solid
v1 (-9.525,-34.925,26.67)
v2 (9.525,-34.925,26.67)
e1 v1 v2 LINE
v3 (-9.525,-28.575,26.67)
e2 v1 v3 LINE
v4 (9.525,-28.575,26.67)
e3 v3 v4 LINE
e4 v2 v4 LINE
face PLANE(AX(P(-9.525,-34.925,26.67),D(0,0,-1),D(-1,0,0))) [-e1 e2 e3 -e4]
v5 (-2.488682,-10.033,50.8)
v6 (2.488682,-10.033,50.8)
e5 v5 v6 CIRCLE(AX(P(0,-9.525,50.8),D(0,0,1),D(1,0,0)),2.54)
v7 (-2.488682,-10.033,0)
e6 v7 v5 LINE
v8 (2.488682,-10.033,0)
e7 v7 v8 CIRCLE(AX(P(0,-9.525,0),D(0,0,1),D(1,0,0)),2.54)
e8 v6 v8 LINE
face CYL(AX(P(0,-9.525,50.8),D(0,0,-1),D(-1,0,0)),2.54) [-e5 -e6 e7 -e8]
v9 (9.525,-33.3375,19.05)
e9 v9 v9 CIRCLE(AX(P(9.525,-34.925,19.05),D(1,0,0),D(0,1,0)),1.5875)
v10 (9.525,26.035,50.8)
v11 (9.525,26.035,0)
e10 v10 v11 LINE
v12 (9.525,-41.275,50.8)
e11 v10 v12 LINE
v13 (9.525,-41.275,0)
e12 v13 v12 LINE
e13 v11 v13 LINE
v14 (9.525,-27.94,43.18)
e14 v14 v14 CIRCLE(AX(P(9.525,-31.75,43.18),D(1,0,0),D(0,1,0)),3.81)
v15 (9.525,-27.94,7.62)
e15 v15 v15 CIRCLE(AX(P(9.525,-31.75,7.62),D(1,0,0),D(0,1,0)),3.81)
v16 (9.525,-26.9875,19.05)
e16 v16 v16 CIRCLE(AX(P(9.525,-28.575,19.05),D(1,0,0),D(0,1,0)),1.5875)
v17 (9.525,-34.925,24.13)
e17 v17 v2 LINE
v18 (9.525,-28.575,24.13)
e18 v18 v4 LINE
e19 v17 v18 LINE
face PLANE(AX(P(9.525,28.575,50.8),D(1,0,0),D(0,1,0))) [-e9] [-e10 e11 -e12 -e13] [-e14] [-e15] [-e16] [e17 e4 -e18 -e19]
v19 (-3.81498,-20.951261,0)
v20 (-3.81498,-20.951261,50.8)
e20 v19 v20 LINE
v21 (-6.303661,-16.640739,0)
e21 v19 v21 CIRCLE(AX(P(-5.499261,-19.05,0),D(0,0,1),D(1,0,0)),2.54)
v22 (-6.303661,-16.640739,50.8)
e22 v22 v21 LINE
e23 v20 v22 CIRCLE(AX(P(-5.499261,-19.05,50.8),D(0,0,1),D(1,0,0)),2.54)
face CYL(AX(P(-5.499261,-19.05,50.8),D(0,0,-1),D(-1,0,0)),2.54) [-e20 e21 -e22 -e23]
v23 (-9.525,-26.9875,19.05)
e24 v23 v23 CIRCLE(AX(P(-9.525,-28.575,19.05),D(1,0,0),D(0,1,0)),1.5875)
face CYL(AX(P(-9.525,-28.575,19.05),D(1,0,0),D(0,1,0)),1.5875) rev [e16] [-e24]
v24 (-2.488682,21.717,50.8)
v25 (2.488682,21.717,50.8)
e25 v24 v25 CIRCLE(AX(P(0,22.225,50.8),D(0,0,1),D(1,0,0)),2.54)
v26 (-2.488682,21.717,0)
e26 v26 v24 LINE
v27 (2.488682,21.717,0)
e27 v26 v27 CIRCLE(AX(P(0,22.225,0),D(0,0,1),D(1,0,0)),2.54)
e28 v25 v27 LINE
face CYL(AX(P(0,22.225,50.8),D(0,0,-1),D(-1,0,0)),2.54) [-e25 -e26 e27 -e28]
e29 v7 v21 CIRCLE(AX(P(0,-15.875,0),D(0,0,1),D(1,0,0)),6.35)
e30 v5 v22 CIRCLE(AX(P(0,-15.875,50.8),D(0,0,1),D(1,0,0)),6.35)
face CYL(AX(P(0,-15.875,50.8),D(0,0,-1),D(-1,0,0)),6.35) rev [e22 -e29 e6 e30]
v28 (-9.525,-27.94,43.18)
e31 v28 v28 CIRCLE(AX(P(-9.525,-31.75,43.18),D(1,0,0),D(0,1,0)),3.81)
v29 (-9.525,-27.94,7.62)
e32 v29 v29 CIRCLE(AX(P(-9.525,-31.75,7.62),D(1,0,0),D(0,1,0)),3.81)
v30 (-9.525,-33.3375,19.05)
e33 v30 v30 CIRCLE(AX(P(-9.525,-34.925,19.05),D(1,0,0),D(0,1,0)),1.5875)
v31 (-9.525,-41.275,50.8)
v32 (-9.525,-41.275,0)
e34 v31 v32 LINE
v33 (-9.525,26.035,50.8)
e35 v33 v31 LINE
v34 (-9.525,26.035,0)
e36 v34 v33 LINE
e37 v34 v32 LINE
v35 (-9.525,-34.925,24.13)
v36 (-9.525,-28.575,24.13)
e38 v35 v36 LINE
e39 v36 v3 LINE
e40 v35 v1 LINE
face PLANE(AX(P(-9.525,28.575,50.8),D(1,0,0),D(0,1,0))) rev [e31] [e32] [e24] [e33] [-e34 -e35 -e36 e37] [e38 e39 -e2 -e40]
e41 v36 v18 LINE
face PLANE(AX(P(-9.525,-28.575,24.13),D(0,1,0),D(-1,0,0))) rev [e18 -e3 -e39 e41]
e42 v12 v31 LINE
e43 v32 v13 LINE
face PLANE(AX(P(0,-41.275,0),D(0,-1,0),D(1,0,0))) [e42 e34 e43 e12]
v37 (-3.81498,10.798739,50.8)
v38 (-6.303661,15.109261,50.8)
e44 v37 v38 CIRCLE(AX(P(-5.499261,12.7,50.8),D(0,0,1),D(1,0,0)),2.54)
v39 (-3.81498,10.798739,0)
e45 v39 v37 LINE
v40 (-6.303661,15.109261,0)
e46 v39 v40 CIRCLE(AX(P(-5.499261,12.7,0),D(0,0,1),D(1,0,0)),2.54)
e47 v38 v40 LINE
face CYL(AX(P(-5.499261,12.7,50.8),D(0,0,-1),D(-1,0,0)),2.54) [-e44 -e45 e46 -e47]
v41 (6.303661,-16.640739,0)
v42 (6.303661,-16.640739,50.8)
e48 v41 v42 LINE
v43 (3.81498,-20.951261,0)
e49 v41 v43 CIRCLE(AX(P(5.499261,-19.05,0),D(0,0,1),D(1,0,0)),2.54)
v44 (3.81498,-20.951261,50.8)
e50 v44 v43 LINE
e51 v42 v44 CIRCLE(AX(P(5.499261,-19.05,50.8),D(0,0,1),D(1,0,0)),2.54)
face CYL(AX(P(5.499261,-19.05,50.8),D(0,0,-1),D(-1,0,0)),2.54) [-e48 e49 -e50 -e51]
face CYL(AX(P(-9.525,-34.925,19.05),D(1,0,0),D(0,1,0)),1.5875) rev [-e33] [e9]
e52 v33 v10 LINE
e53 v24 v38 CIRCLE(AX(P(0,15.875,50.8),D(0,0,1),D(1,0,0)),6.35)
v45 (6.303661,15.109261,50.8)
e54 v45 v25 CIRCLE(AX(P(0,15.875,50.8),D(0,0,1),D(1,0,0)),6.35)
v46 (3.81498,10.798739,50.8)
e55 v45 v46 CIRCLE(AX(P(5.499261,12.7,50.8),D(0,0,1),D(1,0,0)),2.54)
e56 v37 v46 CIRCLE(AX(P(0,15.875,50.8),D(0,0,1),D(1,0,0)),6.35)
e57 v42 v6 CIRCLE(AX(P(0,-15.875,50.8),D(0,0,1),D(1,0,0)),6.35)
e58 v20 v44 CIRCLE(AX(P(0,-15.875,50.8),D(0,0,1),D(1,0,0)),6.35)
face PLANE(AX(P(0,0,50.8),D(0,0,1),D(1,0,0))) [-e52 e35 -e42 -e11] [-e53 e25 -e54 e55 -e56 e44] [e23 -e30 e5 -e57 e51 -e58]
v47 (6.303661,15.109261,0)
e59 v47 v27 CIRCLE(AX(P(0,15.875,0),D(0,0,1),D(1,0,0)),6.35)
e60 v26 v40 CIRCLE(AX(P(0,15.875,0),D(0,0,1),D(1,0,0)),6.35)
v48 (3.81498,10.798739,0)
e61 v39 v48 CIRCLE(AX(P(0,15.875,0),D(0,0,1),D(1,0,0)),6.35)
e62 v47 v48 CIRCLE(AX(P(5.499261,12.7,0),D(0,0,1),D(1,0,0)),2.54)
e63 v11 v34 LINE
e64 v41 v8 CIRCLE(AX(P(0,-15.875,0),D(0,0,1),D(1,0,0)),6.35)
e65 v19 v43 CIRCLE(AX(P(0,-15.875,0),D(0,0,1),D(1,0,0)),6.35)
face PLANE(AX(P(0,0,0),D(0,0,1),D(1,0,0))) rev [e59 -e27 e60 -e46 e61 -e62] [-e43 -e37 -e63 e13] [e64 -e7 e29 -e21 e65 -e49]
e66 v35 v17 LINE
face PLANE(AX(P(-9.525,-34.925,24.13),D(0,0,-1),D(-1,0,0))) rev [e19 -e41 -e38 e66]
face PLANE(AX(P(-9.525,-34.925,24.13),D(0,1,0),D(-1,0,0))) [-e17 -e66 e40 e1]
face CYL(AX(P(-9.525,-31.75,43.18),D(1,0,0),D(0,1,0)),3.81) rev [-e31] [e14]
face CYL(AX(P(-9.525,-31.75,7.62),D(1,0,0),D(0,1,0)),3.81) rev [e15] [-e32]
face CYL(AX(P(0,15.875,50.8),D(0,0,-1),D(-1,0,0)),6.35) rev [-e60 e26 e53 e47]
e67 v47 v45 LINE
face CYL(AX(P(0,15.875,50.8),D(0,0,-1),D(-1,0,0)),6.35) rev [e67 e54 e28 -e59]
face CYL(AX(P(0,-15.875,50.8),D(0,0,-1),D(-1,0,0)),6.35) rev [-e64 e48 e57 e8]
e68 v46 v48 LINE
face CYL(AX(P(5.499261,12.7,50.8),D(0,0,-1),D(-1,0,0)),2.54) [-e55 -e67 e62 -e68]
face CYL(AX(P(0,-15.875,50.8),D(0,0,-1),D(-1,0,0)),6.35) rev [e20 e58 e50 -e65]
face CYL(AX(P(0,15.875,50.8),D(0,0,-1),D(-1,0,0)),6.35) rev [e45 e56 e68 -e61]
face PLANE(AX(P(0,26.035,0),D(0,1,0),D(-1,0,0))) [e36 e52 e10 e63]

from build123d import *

# Parameters (mm, degrees)
SKETCH1_W           = 19.05
SKETCH1_H           = 57.15
BOSS_EXTRUDE1_DEPTH = 50.8
SKETCH1_4_R         = 6.35
CUT_EXTRUDE1_DEPTH  = 60.05841388
SKETCH1_5_R         = 2.54
BOSS_EXTRUDE2_DEPTH = 50.8
SKETCH1_6_R         = 6.35
CUT_EXTRUDE2_DEPTH  = 60.05841388
SKETCH1_7_R         = 2.54
BOSS_EXTRUDE3_DEPTH = 50.8
SKETCH11_W          = 19.05
SKETCH11_H          = 50.8
CUT_EXTRUDE12_DEPTH = 2.54
SKETCH12_W          = 19.05
SKETCH12_H          = 50.8
BOSS_EXTRUDE4_DEPTH = 12.7
SKETCH13_R          = 3.81
CUT_EXTRUDE15_DEPTH = 69.170141008
SKETCH13_6_W        = 2.54
SKETCH13_6_H        = 6.35
CUT_EXTRUDE16_DEPTH = 69.170141008
SKETCH13_7_R        = 1.5875
CUT_EXTRUDE17_DEPTH = 69.170141008


with BuildPart() as part:
    # Sketch1 → Boss-Extrude1 (new body)
    with BuildSketch(Plane.XY):
        Rectangle(SKETCH1_W, SKETCH1_H)
    extrude(amount=BOSS_EXTRUDE1_DEPTH)

    # Sketch1<4> → Cut-Extrude1 (cut, through all)
    with BuildSketch(Plane.XY):
        with Locations((0, -15.875)):
            Circle(SKETCH1_4_R)
    extrude(amount=CUT_EXTRUDE1_DEPTH, mode=Mode.SUBTRACT)

    # Sketch1<5> → Boss-Extrude2 (add, through all)
    with BuildSketch(Plane.XY):
        with Locations((0, -9.525)):
            Circle(SKETCH1_5_R)
        with Locations((5.499261314, -19.05)):
            Circle(SKETCH1_5_R)
        with Locations((-5.499261314, -19.05)):
            Circle(SKETCH1_5_R)
    extrude(amount=BOSS_EXTRUDE2_DEPTH)

    # Sketch1<6> → Cut-Extrude2 (cut, through all)
    with BuildSketch(Plane.XY):
        with Locations((0, 15.875)):
            Circle(SKETCH1_6_R)
    extrude(amount=CUT_EXTRUDE2_DEPTH, mode=Mode.SUBTRACT)

    # Sketch1<7> → Boss-Extrude3 (add, through all)
    with BuildSketch(Plane.XY):
        with Locations((0, 22.225)):
            Circle(SKETCH1_7_R)
        with Locations((5.499261314, 12.7)):
            Circle(SKETCH1_7_R)
        with Locations((-5.499261314, 12.7)):
            Circle(SKETCH1_7_R)
    extrude(amount=BOSS_EXTRUDE3_DEPTH)

    # Sketch11 → Cut-Extrude12 (cut)
    with BuildSketch(Plane(origin=(0, 28.575, 0), x_dir=(1, 0, 0), z_dir=(0, 1, 0))):
        with Locations((0, -25.4)):
            Rectangle(SKETCH11_W, SKETCH11_H)
    extrude(amount=-CUT_EXTRUDE12_DEPTH, mode=Mode.SUBTRACT)

    # Sketch12 → Boss-Extrude4 (add)
    with BuildSketch(Plane.XZ.offset(28.575)):
        with Locations((0, 25.4)):
            Rectangle(SKETCH12_W, SKETCH12_H)
    extrude(amount=BOSS_EXTRUDE4_DEPTH)

    # Sketch13 → Cut-Extrude15 (cut, through all)
    with BuildSketch(Plane(origin=(9.525, 0, 0), x_dir=(0, 0, -1), z_dir=(1, 0, 0))):
        with Locations(Location((-43.18, -31.75, 0), (0, 0, 90))):
            Circle(SKETCH13_R)
        with Locations(Location((-7.62, -31.75, 0), (0, 0, 90))):
            Circle(SKETCH13_R)
    extrude(amount=-CUT_EXTRUDE15_DEPTH, mode=Mode.SUBTRACT)

    # Sketch13<6> → Cut-Extrude16 (cut, through all)
    with BuildSketch(Plane(origin=(9.525, 0, 0), x_dir=(0, 0, -1), z_dir=(1, 0, 0))):
        with Locations((-25.4, -31.75)):
            Rectangle(SKETCH13_6_W, SKETCH13_6_H)
    extrude(amount=-CUT_EXTRUDE16_DEPTH, mode=Mode.SUBTRACT)

    # Sketch13<7> → Cut-Extrude17 (cut, through all)
    with BuildSketch(Plane(origin=(9.525, 0, 0), x_dir=(0, 0, -1), z_dir=(1, 0, 0))):
        with Locations(Location((-19.05, -28.575, 0), (0, 0, 90))):
            Circle(SKETCH13_7_R)
        with Locations(Location((-19.05, -34.925, 0), (0, 0, 90))):
            Circle(SKETCH13_7_R)
    extrude(amount=-CUT_EXTRUDE17_DEPTH, mode=Mode.SUBTRACT)


solid = part.part
